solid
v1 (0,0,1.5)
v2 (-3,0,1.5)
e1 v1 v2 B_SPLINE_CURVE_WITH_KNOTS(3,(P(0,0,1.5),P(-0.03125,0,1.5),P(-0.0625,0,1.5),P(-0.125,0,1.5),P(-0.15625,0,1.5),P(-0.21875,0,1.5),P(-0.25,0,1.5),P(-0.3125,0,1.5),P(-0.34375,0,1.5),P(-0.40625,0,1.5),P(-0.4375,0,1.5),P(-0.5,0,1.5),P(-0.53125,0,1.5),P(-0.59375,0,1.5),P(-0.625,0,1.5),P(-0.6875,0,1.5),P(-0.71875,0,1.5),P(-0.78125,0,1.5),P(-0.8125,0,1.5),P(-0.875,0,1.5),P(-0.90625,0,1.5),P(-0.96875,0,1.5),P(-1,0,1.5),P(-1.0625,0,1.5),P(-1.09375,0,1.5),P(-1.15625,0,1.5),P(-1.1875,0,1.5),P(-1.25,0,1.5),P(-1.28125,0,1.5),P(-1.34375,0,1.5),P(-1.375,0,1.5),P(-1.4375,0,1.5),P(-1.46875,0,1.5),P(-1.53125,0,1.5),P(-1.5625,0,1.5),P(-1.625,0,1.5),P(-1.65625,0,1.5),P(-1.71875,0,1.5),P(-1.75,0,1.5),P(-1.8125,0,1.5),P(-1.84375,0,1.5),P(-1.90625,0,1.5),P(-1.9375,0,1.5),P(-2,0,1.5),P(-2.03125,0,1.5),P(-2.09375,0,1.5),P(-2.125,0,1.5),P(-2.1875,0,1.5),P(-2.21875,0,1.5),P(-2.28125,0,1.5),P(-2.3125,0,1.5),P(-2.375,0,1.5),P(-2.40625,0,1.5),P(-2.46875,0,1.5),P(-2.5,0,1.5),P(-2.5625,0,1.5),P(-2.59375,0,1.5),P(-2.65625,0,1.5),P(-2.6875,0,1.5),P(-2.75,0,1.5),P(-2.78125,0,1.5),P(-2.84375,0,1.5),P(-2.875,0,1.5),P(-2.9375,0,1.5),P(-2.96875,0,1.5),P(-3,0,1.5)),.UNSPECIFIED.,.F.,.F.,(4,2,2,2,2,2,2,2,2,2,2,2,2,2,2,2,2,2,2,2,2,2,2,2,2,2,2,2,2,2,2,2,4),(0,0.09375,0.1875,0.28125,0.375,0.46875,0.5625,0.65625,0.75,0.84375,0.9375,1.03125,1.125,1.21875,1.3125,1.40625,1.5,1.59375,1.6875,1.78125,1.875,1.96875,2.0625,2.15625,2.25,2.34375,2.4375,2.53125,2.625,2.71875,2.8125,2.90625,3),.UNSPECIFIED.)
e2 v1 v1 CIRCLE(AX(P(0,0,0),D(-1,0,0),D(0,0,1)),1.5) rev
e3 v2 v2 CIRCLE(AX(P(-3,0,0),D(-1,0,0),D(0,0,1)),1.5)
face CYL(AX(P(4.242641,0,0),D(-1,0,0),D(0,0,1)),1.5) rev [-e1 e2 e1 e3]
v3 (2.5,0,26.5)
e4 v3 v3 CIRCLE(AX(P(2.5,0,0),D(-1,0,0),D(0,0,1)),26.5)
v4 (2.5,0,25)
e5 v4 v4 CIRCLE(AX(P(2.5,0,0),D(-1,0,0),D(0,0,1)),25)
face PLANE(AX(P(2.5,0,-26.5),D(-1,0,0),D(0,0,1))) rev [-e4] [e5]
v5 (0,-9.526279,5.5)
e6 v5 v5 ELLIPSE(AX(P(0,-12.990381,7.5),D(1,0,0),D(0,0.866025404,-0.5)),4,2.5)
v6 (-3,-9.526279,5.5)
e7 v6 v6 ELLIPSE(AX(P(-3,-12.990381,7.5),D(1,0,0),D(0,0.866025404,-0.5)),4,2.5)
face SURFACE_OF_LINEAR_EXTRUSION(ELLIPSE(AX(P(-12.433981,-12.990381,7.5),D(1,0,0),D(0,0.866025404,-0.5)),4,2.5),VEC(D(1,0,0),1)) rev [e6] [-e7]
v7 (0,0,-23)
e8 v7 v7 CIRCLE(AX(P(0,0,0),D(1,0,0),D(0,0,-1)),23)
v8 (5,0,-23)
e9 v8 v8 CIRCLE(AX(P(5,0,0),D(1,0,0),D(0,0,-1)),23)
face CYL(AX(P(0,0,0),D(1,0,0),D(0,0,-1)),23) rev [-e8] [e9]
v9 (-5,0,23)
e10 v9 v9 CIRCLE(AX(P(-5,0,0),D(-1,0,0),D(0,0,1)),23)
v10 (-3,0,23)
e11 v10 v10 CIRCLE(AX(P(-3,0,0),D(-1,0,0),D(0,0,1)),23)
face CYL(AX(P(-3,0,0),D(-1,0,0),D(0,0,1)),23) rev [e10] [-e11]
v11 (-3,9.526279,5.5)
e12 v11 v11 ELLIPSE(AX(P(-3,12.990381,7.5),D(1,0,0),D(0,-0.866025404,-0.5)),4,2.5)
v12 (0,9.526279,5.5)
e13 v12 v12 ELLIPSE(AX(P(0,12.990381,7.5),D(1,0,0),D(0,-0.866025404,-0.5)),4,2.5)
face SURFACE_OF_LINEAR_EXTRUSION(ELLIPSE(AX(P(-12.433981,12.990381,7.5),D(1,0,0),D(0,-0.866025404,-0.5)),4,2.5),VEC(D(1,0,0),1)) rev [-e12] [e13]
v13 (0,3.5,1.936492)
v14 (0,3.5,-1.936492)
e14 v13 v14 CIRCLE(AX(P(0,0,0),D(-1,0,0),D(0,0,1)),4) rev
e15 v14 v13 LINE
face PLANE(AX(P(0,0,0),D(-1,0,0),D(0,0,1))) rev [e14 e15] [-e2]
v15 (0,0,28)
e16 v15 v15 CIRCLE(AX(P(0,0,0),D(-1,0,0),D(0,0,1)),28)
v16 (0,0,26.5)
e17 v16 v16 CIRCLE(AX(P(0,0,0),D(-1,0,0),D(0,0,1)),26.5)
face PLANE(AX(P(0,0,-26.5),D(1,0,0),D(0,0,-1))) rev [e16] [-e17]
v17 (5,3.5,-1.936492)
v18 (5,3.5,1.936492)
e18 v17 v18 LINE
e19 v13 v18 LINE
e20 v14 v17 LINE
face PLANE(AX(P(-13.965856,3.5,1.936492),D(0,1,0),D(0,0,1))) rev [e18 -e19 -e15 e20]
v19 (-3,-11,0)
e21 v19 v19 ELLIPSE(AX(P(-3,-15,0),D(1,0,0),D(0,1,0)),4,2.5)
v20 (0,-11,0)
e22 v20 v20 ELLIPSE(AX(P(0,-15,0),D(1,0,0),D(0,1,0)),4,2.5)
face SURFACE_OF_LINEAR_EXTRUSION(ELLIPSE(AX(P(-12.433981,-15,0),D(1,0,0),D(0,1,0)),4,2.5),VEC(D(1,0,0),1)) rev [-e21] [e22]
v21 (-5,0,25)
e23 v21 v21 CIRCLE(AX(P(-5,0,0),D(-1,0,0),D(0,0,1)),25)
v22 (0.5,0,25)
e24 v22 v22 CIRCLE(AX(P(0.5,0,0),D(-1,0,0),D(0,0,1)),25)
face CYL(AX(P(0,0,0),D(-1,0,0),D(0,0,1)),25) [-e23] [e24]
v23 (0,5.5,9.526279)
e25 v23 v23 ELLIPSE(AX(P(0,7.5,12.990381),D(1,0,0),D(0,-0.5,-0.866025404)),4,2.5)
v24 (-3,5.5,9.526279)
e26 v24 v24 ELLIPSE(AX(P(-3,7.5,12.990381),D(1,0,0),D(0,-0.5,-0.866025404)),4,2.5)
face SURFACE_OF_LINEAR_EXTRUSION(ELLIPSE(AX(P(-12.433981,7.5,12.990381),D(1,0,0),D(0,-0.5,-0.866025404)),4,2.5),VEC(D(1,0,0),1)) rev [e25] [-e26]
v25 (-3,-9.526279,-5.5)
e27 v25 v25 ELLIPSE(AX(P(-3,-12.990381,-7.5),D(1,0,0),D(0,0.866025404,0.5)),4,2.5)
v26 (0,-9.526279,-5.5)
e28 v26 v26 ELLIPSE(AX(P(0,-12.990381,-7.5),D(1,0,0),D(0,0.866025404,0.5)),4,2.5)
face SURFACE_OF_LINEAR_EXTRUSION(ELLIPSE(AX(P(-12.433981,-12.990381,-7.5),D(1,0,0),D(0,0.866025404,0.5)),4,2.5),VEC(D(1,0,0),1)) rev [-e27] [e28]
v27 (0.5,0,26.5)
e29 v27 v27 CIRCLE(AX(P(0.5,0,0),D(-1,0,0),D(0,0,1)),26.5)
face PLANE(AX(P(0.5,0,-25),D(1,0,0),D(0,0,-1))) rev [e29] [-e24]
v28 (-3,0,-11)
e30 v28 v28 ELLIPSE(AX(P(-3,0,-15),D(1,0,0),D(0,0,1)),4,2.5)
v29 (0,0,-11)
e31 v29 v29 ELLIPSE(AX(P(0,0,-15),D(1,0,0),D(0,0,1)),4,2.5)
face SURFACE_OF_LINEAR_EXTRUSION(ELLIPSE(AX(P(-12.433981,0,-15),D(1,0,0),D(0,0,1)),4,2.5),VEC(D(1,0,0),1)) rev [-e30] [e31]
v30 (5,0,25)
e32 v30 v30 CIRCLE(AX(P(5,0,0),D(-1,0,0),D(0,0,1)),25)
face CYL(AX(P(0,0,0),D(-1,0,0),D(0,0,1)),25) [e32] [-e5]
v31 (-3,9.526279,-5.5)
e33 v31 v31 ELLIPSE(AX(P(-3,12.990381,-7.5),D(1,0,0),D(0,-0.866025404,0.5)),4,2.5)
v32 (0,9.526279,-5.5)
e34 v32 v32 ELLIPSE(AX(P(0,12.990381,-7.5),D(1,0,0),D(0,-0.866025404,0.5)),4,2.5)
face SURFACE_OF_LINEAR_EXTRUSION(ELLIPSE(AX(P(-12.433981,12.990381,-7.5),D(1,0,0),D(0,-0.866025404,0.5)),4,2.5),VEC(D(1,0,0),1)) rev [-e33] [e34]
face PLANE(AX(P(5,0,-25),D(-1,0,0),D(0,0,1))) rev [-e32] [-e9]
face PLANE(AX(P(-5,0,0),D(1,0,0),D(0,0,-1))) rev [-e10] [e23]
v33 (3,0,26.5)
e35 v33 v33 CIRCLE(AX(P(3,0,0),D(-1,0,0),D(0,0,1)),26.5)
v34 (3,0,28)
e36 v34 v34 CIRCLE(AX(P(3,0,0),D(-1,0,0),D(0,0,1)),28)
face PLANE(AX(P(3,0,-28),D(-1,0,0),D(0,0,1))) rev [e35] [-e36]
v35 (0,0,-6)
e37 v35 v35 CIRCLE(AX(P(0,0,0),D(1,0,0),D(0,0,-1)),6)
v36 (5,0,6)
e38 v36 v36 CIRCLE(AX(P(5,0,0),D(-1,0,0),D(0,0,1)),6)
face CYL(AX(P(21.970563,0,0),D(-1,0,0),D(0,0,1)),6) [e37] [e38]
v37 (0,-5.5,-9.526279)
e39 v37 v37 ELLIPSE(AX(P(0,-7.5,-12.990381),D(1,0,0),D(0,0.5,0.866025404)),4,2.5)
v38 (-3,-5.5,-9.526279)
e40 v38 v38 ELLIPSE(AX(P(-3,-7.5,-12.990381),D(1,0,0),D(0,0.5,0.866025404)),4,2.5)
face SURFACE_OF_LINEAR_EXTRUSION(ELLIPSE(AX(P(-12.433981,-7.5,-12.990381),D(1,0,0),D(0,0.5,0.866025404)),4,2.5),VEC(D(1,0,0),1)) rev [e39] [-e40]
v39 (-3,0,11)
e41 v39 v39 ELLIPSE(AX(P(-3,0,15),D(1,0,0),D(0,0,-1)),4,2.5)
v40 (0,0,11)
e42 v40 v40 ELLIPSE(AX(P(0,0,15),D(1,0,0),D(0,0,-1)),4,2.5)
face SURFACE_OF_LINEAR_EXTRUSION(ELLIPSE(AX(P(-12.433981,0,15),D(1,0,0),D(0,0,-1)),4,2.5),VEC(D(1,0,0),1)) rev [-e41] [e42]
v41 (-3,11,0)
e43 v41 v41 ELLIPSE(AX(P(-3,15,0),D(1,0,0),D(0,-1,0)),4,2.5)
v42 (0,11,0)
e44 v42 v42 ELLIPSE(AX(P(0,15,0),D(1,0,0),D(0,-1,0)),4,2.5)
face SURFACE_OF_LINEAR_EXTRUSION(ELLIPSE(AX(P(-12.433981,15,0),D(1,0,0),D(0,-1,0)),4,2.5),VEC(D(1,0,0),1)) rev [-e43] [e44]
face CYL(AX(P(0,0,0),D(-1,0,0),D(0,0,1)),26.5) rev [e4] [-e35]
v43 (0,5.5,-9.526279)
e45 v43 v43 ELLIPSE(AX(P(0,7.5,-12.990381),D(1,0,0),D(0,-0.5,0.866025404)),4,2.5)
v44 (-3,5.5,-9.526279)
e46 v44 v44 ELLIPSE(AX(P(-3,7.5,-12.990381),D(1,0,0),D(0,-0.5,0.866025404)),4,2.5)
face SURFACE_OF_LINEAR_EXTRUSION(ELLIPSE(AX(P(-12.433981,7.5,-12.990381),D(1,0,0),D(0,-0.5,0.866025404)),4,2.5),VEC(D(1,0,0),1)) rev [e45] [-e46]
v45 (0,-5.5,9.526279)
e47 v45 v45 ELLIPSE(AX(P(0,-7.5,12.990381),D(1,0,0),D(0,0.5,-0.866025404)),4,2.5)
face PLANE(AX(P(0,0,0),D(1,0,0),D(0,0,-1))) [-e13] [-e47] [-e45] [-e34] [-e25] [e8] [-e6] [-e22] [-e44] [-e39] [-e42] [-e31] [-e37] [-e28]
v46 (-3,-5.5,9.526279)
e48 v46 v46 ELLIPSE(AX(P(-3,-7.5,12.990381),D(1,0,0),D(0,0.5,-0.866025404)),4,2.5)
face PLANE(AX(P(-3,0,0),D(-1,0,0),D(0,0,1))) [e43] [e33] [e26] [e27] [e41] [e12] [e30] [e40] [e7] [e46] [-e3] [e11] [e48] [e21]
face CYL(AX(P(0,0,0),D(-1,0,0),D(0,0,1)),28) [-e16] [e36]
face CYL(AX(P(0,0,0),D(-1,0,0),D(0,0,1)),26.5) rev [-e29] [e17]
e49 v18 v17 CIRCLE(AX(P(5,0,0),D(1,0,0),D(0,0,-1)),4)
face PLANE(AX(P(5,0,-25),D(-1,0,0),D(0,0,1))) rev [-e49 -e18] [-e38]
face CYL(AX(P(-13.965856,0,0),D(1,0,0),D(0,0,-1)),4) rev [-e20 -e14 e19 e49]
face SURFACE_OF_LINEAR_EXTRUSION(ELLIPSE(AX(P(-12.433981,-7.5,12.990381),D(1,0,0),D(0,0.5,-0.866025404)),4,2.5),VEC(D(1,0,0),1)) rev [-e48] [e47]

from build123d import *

# Parameters (mm, degrees)
SKETCH2_R           = 23
CUT_EXTRUDE1_DEPTH  = 5
CUT_EXTRUDE2_START  = -2
SKETCH3_R           = 23
CUT_EXTRUDE2_DEPTH  = 2
SKETCH4_R           = 6
BOSS_EXTRUDE2_DEPTH = 5
CUT_EXTRUDE3_DEPTH  = 5
SKETCH6_R           = 1.5
CUT_EXTRUDE4_DEPTH  = 3
SKETCH7_RX          = 4
SKETCH7_RY          = 2.5
CUT_EXTRUDE5_DEPTH  = 3
CIRPATTERN1_COUNT   = 12


with BuildPart() as part:
    # Sketch1 → Revolve1 (revolve)
    with BuildSketch(Plane(origin=(0, 0, 0), x_dir=(1, 0, 0), z_dir=(0, 1, 0)), mode=Mode.PRIVATE) as revolve1_sk:
        Polygon((-5, 25), (0.5, 25), (0.5, 26.5), (0, 26.5), (0, 28), (3, 28), (3, 26.5), (2.5, 26.5), (2.5, 25), (5, 25), (5, 0), (-5, 0), align=None)
    revolve(revolve1_sk.sketch.rotate(Axis((0, 0, 0), (1, 0, 0)), 180), axis=Axis((0, 0, 0), (1, 0, 0)))

    # Sketch2 → Cut-Extrude1 (cut)
    with BuildSketch(Plane(origin=(5, 0, 0), x_dir=(0, 0, -1), z_dir=(1, 0, 0))):
        Circle(SKETCH2_R)
    extrude(amount=-CUT_EXTRUDE1_DEPTH, mode=Mode.SUBTRACT)

    # Sketch3 → Cut-Extrude2 (cut)
    with BuildSketch(Plane.ZY.offset(5).offset(CUT_EXTRUDE2_START)):
        with Locations(Location((0, 0, 0), (0, 0, 180))):
            Circle(SKETCH3_R)
    extrude(amount=CUT_EXTRUDE2_DEPTH, mode=Mode.SUBTRACT)

    # Sketch4 → Boss-Extrude2 (add)
    with BuildSketch(Plane(origin=(0, 0, 0), x_dir=(0, 0, -1), z_dir=(1, 0, 0))):
        with Locations(Location((0, 0, 0), (0, 0, 180))):
            Circle(SKETCH4_R)
    extrude(amount=BOSS_EXTRUDE2_DEPTH)

    # Sketch5 → Cut-Extrude3 (cut)
    with BuildSketch(Plane(origin=(5, 0, 0), x_dir=(0, 0, -1), z_dir=(1, 0, 0))):
        with BuildLine():
            Line((-1.936491673, 3.5), (1.936491673, 3.5))
            ThreePointArc((1.936491673, 3.5), (0, -4), (-1.936491673, 3.5))
        make_face()
    extrude(amount=-CUT_EXTRUDE3_DEPTH, mode=Mode.SUBTRACT)

    # Sketch6 → Cut-Extrude4 (cut)
    with BuildSketch(Plane.ZY.offset(3)):
        Circle(SKETCH6_R)
    extrude(amount=-CUT_EXTRUDE4_DEPTH, mode=Mode.SUBTRACT)

    # Sketch7 → Cut-Extrude5 (cut)
    with BuildSketch(Plane(origin=(0, 0, 0), x_dir=(0, 0, -1), z_dir=(1, 0, 0))):
        with Locations(Location((0, 15), (0, 0, -90))):
            Ellipse(SKETCH7_RX, SKETCH7_RY)
    cut_extrude5 = extrude(amount=-CUT_EXTRUDE5_DEPTH, mode=Mode.SUBTRACT)

    # CirPattern1: Cut-Extrude5 ×12 about axis
    cirpattern1_axis = Axis((4.242640687, 0, 0), (-1, 0, 0))
    for i in range(1, CIRPATTERN1_COUNT):
        add(cut_extrude5.rotate(cirpattern1_axis, i * 360 / CIRPATTERN1_COUNT), mode=Mode.SUBTRACT)


solid = part.part
